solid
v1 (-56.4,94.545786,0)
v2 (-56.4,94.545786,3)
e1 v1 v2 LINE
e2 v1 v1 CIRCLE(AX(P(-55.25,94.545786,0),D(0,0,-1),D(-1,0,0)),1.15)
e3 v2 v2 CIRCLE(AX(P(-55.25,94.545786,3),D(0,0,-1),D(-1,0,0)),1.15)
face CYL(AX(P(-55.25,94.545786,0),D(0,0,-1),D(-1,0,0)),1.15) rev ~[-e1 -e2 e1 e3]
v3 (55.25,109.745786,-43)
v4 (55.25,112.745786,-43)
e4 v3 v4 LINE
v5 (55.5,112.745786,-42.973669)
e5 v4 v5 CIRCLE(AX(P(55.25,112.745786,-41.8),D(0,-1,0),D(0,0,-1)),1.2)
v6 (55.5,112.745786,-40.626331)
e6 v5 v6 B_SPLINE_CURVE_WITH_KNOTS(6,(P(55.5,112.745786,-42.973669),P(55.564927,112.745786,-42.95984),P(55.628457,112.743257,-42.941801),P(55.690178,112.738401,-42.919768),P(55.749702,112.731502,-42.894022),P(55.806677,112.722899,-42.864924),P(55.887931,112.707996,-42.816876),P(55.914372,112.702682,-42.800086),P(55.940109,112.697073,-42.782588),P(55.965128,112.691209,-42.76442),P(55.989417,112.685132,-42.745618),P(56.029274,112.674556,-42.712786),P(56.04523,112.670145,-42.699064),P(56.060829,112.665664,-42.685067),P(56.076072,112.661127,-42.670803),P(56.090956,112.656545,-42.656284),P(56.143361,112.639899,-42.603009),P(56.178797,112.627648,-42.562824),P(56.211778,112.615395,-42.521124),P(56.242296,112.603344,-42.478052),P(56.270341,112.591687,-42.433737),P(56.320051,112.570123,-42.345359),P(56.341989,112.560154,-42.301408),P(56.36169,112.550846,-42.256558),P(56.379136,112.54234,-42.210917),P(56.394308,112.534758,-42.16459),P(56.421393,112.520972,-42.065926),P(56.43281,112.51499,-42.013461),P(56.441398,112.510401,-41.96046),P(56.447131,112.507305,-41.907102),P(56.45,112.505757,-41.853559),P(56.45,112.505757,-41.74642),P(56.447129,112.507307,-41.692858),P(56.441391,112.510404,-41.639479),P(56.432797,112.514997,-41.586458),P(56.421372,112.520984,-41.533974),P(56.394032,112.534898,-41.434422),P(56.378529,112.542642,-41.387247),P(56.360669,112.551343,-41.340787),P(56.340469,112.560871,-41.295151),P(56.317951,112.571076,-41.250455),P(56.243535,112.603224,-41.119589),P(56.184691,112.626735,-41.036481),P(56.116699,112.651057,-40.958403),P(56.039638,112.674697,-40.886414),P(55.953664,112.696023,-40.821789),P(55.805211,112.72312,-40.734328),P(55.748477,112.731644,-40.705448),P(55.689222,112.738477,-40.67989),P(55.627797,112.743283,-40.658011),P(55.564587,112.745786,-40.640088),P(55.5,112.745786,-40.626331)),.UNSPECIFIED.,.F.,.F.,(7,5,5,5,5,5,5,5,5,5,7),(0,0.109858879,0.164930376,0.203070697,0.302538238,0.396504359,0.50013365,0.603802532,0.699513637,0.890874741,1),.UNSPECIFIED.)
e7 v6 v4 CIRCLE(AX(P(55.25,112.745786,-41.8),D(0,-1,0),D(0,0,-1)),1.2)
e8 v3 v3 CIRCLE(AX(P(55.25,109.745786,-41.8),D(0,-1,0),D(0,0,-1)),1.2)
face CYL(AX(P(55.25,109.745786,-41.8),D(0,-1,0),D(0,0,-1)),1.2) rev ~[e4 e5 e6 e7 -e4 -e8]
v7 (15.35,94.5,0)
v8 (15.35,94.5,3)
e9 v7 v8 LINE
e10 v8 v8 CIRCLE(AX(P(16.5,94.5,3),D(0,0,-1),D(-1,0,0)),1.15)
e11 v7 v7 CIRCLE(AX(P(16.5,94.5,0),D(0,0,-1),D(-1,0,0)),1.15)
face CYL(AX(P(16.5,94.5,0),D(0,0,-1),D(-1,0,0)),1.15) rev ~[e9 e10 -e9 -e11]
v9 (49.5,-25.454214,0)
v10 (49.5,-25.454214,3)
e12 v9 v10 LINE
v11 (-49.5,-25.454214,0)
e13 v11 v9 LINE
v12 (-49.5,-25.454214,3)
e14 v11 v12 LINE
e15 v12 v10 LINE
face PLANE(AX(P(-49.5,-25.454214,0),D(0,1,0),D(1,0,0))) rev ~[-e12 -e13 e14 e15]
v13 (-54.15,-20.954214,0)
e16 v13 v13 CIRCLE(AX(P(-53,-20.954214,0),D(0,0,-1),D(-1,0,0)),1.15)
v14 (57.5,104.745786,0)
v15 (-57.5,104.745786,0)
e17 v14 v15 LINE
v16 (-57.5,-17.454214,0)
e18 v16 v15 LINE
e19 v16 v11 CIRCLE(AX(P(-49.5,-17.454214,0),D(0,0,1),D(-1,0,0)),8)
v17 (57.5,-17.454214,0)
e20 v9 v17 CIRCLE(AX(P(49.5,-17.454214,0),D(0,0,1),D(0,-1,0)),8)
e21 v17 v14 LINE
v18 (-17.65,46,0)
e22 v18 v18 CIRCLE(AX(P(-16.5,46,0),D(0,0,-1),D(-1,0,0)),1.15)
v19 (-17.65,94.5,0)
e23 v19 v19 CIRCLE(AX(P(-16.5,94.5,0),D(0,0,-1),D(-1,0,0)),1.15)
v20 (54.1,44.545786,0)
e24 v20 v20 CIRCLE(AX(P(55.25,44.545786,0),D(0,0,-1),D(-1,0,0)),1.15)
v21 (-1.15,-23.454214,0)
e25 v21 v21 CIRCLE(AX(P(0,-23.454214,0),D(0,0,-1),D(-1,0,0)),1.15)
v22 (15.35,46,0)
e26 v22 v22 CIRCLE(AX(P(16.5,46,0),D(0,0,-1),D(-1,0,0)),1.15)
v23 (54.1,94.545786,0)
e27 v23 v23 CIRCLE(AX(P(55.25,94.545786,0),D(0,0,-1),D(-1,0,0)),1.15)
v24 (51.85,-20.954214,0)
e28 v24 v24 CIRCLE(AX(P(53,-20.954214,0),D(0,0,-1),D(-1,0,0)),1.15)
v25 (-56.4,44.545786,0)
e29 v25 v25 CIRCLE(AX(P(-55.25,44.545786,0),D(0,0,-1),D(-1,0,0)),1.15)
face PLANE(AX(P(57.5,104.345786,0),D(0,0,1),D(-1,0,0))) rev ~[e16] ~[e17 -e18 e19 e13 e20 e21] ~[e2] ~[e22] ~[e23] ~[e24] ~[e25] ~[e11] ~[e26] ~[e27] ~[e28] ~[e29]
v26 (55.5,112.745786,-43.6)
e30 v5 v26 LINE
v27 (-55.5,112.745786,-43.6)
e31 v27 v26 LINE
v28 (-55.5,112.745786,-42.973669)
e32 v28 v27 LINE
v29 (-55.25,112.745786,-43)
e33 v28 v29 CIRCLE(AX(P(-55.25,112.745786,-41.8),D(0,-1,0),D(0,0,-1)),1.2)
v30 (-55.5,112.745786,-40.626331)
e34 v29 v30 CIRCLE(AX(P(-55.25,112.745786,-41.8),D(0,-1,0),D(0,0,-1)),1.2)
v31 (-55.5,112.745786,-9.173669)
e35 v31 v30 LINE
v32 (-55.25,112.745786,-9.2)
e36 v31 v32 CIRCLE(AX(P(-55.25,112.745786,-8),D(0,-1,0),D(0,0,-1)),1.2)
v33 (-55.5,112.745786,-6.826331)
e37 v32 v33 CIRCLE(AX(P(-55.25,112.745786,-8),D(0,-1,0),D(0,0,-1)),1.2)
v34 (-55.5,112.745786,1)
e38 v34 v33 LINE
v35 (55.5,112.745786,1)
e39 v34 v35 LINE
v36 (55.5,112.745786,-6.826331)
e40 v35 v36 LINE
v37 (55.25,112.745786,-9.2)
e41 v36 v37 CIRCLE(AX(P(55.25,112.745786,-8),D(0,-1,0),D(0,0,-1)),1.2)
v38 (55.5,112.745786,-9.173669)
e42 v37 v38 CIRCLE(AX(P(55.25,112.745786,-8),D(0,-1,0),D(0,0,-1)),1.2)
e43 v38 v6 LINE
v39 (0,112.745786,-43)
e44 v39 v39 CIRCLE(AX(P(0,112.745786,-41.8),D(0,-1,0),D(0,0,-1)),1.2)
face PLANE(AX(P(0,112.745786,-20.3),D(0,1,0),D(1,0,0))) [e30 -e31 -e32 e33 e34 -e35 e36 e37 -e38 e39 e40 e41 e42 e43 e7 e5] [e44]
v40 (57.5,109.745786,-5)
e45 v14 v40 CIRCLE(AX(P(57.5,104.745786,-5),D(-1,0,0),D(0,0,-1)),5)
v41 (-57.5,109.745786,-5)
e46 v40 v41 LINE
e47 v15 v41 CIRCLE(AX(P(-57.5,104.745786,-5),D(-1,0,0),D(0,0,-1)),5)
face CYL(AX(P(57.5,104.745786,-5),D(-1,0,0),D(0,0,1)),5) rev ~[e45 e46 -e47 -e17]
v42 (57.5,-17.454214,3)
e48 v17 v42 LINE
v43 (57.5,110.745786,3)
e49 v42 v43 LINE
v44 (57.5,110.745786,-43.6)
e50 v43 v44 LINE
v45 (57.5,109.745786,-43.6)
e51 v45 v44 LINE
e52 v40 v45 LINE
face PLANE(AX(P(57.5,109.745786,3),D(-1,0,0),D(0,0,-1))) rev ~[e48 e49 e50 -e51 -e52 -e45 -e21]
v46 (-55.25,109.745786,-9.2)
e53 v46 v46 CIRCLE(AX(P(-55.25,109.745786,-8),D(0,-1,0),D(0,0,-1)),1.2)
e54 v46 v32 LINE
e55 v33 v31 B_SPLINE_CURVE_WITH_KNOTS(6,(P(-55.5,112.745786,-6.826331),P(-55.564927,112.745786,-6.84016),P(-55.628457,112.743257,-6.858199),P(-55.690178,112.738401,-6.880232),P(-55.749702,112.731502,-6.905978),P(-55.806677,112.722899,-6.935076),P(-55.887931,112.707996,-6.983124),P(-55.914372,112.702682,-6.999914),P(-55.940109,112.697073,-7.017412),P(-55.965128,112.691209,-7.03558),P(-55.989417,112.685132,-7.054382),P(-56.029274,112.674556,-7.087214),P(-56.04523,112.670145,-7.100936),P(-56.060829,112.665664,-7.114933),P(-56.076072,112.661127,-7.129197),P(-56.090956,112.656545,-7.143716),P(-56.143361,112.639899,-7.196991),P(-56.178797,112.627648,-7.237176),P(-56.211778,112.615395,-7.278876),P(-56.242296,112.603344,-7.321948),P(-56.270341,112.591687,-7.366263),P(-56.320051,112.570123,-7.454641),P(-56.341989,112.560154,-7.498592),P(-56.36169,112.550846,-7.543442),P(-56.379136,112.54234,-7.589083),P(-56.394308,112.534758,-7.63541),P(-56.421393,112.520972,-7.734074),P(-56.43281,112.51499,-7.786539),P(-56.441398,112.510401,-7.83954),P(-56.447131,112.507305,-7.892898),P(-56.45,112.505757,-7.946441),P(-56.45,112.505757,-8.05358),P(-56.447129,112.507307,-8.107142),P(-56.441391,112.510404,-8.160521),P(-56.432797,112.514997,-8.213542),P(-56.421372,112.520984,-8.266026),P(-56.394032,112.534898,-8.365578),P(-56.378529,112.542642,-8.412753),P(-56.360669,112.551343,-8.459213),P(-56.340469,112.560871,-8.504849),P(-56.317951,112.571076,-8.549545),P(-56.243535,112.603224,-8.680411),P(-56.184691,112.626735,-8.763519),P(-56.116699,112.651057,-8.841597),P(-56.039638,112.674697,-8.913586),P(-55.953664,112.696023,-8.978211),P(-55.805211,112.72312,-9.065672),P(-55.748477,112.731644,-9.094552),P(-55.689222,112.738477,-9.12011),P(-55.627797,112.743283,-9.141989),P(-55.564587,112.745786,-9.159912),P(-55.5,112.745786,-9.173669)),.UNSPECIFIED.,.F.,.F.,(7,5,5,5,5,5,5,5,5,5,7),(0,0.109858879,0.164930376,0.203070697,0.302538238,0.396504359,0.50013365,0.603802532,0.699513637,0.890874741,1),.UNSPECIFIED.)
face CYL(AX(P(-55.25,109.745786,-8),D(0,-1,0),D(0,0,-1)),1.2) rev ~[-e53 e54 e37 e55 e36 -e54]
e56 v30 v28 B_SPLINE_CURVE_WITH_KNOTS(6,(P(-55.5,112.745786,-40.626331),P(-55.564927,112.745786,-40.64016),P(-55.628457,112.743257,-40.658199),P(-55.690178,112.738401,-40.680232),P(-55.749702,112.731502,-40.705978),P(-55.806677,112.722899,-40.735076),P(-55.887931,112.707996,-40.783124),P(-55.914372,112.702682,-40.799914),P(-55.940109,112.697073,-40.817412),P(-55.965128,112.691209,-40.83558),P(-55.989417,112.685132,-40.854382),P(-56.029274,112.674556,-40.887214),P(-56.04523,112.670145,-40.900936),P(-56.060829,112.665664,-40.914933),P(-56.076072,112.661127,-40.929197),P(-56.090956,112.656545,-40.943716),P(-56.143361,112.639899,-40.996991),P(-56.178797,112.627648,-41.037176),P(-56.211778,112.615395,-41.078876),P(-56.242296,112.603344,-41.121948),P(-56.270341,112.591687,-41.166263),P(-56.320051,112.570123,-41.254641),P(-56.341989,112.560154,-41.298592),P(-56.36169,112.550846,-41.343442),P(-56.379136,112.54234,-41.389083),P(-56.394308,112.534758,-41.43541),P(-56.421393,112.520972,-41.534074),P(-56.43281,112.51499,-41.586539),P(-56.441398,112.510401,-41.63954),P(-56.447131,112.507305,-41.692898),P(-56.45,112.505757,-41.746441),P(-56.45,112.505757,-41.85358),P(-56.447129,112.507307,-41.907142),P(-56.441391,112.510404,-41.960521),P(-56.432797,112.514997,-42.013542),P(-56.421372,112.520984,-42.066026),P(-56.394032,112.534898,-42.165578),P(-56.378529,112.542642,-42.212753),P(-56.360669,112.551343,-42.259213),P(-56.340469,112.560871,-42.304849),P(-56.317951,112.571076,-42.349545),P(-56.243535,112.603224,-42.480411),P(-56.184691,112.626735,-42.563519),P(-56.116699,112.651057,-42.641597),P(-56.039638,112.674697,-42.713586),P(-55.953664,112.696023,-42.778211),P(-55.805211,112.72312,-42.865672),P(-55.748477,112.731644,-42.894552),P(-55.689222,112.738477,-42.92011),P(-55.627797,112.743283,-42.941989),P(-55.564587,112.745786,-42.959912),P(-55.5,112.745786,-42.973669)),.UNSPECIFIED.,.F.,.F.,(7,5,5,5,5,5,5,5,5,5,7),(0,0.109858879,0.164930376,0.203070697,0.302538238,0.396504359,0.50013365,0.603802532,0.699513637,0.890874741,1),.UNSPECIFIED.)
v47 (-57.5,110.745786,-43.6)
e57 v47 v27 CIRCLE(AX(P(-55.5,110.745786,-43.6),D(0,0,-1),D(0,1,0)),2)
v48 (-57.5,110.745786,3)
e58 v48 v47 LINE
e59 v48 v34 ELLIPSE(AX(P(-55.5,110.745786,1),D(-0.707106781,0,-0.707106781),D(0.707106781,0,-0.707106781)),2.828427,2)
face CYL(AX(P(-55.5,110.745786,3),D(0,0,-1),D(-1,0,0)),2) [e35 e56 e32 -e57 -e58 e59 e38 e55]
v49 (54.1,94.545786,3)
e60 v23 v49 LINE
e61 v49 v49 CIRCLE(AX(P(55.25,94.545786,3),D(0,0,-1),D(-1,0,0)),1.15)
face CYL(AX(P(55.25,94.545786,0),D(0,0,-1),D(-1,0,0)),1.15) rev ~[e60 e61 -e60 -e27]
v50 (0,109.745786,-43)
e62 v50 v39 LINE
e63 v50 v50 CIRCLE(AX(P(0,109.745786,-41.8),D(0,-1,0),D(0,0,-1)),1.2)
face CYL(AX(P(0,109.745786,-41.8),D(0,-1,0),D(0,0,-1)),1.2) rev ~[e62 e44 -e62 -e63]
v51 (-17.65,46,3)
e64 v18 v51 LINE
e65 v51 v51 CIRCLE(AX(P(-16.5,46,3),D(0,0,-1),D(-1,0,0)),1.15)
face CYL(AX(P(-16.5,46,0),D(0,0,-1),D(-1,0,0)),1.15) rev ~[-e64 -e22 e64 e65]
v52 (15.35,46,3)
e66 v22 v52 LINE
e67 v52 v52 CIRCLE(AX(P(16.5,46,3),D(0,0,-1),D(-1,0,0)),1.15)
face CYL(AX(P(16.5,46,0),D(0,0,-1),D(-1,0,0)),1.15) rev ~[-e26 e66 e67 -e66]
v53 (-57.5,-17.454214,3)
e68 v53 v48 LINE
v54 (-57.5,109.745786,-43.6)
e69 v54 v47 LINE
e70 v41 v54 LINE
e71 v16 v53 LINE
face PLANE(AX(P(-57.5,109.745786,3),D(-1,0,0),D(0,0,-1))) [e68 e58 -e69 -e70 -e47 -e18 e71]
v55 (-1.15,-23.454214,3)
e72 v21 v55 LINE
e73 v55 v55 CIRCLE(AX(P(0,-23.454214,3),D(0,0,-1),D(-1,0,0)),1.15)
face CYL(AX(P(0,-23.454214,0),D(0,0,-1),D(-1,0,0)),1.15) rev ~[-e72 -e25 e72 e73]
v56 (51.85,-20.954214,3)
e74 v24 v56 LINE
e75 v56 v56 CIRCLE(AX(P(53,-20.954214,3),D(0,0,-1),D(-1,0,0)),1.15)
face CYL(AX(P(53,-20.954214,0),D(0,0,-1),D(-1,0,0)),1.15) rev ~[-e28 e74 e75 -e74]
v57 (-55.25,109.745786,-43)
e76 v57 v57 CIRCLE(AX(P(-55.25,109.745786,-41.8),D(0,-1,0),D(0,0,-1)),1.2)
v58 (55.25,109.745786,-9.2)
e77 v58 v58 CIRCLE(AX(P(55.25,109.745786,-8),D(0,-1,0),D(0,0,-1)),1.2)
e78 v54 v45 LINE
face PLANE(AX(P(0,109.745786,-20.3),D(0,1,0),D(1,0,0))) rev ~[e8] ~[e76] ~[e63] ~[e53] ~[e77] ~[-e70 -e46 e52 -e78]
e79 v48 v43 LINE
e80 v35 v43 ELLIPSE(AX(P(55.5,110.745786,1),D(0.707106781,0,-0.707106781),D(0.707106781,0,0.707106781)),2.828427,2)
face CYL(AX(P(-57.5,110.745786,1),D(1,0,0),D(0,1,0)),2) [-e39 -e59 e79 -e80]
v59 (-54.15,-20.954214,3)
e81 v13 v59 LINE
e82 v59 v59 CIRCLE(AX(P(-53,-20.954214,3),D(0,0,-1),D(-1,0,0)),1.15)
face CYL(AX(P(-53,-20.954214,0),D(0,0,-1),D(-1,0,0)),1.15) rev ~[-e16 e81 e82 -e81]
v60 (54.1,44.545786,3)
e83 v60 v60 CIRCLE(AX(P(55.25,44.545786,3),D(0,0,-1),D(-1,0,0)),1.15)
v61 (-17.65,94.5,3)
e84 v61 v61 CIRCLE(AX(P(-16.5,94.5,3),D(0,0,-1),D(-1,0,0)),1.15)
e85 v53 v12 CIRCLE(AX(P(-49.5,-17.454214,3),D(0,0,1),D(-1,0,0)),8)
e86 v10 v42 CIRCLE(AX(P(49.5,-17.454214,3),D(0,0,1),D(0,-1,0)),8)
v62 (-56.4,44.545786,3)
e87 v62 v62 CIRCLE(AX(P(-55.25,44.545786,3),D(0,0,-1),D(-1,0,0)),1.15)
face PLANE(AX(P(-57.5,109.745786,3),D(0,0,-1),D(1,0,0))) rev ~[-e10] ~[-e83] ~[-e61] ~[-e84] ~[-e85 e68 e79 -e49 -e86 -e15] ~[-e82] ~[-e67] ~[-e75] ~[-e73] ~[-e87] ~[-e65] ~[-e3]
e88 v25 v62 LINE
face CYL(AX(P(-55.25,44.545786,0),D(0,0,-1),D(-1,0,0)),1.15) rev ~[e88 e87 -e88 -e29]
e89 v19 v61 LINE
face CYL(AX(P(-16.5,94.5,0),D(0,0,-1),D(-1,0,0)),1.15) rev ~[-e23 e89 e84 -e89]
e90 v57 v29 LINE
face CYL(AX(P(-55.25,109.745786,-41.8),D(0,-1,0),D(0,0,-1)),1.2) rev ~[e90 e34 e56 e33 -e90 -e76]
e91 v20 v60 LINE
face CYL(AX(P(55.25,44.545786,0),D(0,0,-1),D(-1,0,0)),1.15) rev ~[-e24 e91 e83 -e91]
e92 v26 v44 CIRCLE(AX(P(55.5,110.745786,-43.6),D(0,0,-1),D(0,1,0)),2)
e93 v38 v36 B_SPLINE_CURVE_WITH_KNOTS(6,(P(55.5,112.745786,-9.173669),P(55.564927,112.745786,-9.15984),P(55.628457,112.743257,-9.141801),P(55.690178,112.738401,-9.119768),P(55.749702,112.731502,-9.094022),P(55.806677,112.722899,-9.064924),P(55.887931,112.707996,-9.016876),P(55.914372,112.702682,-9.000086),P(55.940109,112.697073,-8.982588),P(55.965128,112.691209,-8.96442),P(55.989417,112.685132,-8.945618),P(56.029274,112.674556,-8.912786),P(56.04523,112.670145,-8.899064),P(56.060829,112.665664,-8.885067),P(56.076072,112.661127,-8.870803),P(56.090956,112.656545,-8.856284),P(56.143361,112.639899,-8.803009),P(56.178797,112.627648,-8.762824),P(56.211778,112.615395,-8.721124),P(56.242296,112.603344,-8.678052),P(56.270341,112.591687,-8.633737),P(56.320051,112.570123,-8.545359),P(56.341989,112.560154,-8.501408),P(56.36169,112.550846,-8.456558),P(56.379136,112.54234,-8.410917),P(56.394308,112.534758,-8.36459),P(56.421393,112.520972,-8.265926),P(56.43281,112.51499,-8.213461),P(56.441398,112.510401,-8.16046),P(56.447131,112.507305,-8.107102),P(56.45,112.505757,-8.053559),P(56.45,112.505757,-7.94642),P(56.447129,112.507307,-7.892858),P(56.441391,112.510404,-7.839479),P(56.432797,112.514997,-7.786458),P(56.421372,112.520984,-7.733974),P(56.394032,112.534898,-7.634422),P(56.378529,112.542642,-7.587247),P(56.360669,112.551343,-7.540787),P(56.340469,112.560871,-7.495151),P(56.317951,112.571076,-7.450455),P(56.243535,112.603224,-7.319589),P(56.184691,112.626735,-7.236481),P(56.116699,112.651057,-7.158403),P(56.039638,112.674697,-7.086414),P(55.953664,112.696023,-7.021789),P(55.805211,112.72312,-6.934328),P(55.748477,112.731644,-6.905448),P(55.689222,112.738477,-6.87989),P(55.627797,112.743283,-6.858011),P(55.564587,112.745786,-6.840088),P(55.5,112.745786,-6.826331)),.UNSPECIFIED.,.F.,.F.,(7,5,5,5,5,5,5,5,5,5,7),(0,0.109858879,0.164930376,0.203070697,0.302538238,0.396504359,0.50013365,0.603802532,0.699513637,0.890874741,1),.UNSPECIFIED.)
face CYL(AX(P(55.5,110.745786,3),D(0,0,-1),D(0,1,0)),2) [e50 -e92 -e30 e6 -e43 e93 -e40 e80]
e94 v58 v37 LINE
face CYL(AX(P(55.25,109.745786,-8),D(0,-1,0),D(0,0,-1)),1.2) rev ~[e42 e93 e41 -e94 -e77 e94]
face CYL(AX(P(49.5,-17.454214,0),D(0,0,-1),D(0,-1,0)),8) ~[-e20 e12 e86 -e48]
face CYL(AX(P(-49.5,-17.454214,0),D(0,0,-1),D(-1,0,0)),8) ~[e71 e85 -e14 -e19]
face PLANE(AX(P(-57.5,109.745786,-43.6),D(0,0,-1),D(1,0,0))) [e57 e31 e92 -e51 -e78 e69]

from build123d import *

# Parameters (mm, degrees)
BOSS_EXTRUDE3_DEPTH = 3
MOVE_FACE1_BY       = 5.4
SKETCH3_W           = 115
SKETCH3_H           = 46.6
BOSS_EXTRUDE4_DEPTH = 3
FILLET3_R           = 5
FILLET5_R           = 2
SKETCH4_R           = 1.15
CUT_EXTRUDE1_DEPTH  = 134.861204865
SKETCH5_R           = 1.2
CUT_EXTRUDE2_DEPTH  = 154.25224305
SKETCH6_R           = 1.15
CUT_EXTRUDE6_DEPTH  = 134.861205025


with BuildPart() as part:
    # Sketch1 → Boss-Extrude3 (new body)
    with BuildSketch(Plane.XY):
        with BuildLine():
            Line((-49.5, -25.454214411), (49.5, -25.454214411))
            ThreePointArc((49.5, -25.454214411), (55.156854249, -23.111068661), (57.5, -17.454214411))
            Line((57.5, -17.454214411), (57.5, 104.345785589))
            Line((57.5, 104.345785589), (-57.5, 104.345785589))
            Line((-57.5, 104.345785589), (-57.5, -17.454214411))
            ThreePointArc((-57.5, -17.454214411), (-55.156854249, -23.111068661), (-49.5, -25.454214411))
        make_face()
    extrude(amount=BOSS_EXTRUDE3_DEPTH)

    # Move Face1: a face moved outward by 5.4
    extrude(part.faces().sort_by_distance((0, 104.345785589, 1.5))[0], amount=MOVE_FACE1_BY, dir=(0, 1, 0))

    # Sketch3 → Boss-Extrude4 (add)
    with BuildSketch(Plane(origin=(0, 109.745785589, 0), x_dir=(1, 0, 0), z_dir=(0, 1, 0))):
        with Locations((0, 20.3)):
            Rectangle(SKETCH3_W, SKETCH3_H)
    extrude(amount=BOSS_EXTRUDE4_DEPTH)

    # Fillet3
    fillet3_edges = [part.edges().sort_by_distance(p)[0] for p in [
        (0, 109.745785589, 0),
    ]]
    fillet(fillet3_edges, radius=FILLET3_R)

    # Fillet5
    fillet5_edges = [part.edges().sort_by_distance(p)[0] for p in [
        (-57.5, 112.745785589, -20.3),
        (0, 112.745785589, 3),
        (57.5, 112.745785589, -20.3),
    ]]
    fillet(fillet5_edges, radius=FILLET5_R)

    # Sketch4 → Cut-Extrude1 (cut, through all)
    with BuildSketch(Plane(origin=(0, 0, 0), x_dir=(-1, 0, 0), z_dir=(0, 0, -1))):
        with Locations((-53, -20.954214411)):
            Circle(SKETCH4_R)
        with Locations((-55.25, 44.545785589)):
            Circle(SKETCH4_R)
        with Locations((-55.25, 94.545785589)):
            Circle(SKETCH4_R)
        with Locations((0, -23.454214411)):
            Circle(SKETCH4_R)
        with Locations((53, -20.954214411)):
            Circle(SKETCH4_R)
        with Locations((55.25, 44.545785589)):
            Circle(SKETCH4_R)
        with Locations((55.25, 94.545785589)):
            Circle(SKETCH4_R)
    extrude(amount=-CUT_EXTRUDE1_DEPTH, mode=Mode.SUBTRACT)

    # Sketch5 → Cut-Extrude2 (cut, through all)
    with BuildSketch(Plane.XZ.offset(-109.745785589)):
        with Locations(Location((55.25, -8, 0), (0, 0, 270))):
            Circle(SKETCH5_R)
        with Locations(Location((55.25, -41.8, 0), (0, 0, 270))):
            Circle(SKETCH5_R)
        with Locations(Location((0, -41.8, 0), (0, 0, 270))):
            Circle(SKETCH5_R)
        with Locations(Location((-55.25, -8, 0), (0, 0, 270))):
            Circle(SKETCH5_R)
        with Locations(Location((-55.25, -41.8, 0), (0, 0, 270))):
            Circle(SKETCH5_R)
    extrude(amount=-CUT_EXTRUDE2_DEPTH, mode=Mode.SUBTRACT)

    # Sketch6 → Cut-Extrude6 (cut, through all)
    with BuildSketch(Plane(origin=(0, 0, 0), x_dir=(-1, 0, 0), z_dir=(0, 0, -1))):
        with Locations((-16.5, 46)):
            Circle(SKETCH6_R)
        with Locations((16.5, 46)):
            Circle(SKETCH6_R)
        with Locations((16.5, 94.5)):
            Circle(SKETCH6_R)
        with Locations((-16.5, 94.5)):
            Circle(SKETCH6_R)
    extrude(amount=-CUT_EXTRUDE6_DEPTH, mode=Mode.SUBTRACT)


solid = part.part
